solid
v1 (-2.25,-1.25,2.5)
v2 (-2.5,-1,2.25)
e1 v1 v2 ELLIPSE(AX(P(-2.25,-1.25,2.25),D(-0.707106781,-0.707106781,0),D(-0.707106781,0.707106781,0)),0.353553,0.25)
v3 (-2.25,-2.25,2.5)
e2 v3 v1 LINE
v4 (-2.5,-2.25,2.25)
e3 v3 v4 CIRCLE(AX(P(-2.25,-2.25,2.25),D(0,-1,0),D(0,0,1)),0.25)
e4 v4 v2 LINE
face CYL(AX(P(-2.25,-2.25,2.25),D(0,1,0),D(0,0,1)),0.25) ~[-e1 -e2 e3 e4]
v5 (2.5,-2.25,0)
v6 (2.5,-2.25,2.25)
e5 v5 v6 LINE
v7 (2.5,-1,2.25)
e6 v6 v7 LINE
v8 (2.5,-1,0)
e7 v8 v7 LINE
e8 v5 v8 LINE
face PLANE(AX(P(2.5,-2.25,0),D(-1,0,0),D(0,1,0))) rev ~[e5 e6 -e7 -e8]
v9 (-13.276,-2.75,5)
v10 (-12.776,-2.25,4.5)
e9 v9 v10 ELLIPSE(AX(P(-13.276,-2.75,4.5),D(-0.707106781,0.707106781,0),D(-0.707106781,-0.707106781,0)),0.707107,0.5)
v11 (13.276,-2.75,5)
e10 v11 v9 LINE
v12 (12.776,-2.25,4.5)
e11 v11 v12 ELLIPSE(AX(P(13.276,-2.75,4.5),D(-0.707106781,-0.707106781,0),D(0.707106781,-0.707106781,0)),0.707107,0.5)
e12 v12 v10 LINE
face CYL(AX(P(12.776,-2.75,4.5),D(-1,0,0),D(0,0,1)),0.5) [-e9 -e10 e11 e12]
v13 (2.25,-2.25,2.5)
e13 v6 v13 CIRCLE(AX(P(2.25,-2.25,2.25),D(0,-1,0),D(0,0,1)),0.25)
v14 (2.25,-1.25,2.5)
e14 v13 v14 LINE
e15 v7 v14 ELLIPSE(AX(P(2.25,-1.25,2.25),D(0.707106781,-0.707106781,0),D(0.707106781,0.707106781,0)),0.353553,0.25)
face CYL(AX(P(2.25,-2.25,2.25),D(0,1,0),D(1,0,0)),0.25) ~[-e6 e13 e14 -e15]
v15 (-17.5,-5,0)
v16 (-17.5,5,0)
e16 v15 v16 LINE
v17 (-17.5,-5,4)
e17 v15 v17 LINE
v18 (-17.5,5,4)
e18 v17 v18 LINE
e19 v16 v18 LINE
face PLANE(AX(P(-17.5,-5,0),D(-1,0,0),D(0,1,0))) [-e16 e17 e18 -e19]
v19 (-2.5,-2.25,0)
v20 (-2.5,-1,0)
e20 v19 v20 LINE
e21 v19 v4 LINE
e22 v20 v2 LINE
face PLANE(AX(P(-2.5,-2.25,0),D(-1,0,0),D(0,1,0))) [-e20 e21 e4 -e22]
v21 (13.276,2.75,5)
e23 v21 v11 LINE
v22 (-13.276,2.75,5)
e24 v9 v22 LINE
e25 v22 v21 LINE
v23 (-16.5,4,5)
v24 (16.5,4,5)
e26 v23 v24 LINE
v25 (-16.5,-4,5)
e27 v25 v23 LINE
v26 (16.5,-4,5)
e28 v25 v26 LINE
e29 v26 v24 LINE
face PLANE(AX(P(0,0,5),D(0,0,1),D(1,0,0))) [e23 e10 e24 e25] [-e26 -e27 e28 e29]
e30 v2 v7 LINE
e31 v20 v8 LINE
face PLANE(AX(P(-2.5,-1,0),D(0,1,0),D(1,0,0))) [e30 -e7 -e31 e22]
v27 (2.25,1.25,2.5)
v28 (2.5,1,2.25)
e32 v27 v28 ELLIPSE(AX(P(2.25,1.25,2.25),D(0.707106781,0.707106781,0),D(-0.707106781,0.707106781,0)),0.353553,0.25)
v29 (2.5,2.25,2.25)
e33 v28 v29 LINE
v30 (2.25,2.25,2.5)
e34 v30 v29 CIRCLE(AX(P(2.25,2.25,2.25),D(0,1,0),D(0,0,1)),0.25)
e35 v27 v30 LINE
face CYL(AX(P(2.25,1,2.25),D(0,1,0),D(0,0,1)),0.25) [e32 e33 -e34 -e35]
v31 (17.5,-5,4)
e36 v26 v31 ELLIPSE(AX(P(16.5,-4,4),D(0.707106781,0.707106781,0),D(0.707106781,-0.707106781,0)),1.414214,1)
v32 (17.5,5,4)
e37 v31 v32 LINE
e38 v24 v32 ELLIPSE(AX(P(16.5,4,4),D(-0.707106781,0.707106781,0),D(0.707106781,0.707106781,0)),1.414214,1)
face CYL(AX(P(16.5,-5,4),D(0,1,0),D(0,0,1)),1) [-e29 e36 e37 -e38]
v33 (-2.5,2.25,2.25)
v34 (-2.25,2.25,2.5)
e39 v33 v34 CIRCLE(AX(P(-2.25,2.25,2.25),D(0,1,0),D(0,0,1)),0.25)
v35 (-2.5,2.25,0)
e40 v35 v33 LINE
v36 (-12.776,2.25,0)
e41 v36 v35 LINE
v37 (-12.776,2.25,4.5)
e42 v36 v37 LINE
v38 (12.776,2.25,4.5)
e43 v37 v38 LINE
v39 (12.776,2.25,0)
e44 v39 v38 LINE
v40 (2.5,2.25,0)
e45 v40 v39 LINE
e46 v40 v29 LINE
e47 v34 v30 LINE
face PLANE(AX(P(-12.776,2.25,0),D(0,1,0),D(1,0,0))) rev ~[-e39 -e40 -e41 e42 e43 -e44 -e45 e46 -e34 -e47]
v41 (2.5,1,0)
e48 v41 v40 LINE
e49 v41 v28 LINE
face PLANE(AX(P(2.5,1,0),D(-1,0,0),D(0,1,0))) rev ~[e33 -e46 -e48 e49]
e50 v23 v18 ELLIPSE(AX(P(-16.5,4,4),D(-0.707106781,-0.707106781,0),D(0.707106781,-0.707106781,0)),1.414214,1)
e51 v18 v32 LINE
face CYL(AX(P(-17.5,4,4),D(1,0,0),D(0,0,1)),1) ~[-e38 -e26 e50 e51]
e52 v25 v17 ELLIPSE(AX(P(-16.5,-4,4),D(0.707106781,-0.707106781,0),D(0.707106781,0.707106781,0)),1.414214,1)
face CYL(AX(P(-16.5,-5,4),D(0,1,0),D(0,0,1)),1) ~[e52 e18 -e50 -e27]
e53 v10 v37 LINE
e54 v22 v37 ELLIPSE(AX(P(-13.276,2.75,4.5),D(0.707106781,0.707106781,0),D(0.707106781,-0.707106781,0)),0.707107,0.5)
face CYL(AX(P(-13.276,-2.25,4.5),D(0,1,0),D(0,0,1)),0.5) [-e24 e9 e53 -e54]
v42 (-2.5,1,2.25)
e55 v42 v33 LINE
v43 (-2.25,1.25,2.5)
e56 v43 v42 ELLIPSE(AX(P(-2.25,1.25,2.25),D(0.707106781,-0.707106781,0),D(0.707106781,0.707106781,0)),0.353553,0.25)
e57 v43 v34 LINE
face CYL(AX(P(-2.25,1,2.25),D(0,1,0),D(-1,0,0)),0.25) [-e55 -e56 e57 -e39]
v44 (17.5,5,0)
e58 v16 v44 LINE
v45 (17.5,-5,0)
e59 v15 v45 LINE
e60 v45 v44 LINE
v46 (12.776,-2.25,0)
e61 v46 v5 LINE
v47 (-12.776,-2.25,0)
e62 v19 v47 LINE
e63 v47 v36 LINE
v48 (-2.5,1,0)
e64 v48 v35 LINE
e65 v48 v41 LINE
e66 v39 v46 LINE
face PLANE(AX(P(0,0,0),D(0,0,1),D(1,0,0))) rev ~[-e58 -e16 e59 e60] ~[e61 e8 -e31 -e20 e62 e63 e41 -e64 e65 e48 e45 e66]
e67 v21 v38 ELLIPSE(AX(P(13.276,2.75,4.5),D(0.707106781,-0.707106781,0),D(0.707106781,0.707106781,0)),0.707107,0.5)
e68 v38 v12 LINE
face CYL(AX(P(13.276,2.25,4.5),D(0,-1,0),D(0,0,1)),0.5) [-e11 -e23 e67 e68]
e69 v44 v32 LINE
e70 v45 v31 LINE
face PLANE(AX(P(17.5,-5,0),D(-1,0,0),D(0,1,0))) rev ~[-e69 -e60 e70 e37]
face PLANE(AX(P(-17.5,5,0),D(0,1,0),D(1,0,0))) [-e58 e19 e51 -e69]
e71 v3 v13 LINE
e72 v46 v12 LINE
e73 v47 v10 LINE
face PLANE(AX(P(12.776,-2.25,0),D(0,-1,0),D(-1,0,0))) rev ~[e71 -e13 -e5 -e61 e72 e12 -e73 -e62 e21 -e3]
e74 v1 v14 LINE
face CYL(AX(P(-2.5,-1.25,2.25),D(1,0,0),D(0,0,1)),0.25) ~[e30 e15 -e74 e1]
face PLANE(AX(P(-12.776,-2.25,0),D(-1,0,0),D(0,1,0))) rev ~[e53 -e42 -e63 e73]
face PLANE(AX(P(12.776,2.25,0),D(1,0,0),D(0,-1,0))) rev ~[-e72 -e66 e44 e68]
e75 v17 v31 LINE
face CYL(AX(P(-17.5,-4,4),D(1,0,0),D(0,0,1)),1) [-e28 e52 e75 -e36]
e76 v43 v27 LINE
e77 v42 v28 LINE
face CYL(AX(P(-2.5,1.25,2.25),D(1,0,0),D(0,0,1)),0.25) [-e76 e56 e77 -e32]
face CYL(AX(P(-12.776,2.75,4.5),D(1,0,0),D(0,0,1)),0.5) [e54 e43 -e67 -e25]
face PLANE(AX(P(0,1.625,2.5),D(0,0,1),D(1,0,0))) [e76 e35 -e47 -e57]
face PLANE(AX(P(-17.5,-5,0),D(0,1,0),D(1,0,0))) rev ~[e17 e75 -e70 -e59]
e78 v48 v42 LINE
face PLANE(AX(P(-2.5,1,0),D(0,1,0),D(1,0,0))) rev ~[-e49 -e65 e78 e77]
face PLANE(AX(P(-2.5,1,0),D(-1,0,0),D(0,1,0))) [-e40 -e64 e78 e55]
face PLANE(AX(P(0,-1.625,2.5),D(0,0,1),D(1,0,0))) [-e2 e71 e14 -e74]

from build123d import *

# Parameters (mm, degrees)
F0_W     = 35
F0_H     = 10
F2_DEPTH = 5
F0_W_2   = 5
F0_H_2   = 1.25
F3_DEPTH = 2.5
F4_R     = 0.25
F5_R     = 1
F6_R     = 0.5


with BuildPart() as f2:
    # F0 (on Top) → F2 (new body)
    with BuildSketch(Plane.XY):
        Rectangle(F0_W, F0_H)
        Polygon((-12.776, -2.25), (-12.776, 2.25), (-2.5, 2.25), (2.5, 2.25), (12.776, 2.25), (12.776, -2.25), (2.5, -2.25), (-2.5, -2.25), align=None, mode=Mode.SUBTRACT)
    extrude(amount=F2_DEPTH)

    # F0 (on Top) → F3 (join)
    with BuildSketch(Plane.XY):
        with Locations((0, 1.625)):
            Rectangle(F0_W_2, F0_H_2)
        with Locations((0, -1.625)):
            Rectangle(F0_W_2, F0_H_2)
    extrude(amount=F3_DEPTH)

    # F4
    f4_edges = [f2.edges().sort_by_distance(p)[0] for p in [
        (2.5, 1.625, 2.5),
        (0, 1, 2.5),
        (-2.5, 1.625, 2.5),
        (2.5, -1.625, 2.5),
        (-2.5, -1.625, 2.5),
        (0, -1, 2.5),
    ]]
    fillet(f4_edges, radius=F4_R)

    # F5
    f5_edges = [f2.edges().sort_by_distance(p)[0] for p in [
        (0, -5, 5),
        (0, 5, 5),
        (17.5, 0, 5),
        (-17.5, 0, 5),
    ]]
    fillet(f5_edges, radius=F5_R)

    # F6
    f6_edges = [f2.edges().sort_by_distance(p)[0] for p in [
        (0, 2.25, 5),
        (12.776, 0, 5),
        (0, -2.25, 5),
        (-12.776, 0, 5),
    ]]
    fillet(f6_edges, radius=F6_R)


solid = f2.part
